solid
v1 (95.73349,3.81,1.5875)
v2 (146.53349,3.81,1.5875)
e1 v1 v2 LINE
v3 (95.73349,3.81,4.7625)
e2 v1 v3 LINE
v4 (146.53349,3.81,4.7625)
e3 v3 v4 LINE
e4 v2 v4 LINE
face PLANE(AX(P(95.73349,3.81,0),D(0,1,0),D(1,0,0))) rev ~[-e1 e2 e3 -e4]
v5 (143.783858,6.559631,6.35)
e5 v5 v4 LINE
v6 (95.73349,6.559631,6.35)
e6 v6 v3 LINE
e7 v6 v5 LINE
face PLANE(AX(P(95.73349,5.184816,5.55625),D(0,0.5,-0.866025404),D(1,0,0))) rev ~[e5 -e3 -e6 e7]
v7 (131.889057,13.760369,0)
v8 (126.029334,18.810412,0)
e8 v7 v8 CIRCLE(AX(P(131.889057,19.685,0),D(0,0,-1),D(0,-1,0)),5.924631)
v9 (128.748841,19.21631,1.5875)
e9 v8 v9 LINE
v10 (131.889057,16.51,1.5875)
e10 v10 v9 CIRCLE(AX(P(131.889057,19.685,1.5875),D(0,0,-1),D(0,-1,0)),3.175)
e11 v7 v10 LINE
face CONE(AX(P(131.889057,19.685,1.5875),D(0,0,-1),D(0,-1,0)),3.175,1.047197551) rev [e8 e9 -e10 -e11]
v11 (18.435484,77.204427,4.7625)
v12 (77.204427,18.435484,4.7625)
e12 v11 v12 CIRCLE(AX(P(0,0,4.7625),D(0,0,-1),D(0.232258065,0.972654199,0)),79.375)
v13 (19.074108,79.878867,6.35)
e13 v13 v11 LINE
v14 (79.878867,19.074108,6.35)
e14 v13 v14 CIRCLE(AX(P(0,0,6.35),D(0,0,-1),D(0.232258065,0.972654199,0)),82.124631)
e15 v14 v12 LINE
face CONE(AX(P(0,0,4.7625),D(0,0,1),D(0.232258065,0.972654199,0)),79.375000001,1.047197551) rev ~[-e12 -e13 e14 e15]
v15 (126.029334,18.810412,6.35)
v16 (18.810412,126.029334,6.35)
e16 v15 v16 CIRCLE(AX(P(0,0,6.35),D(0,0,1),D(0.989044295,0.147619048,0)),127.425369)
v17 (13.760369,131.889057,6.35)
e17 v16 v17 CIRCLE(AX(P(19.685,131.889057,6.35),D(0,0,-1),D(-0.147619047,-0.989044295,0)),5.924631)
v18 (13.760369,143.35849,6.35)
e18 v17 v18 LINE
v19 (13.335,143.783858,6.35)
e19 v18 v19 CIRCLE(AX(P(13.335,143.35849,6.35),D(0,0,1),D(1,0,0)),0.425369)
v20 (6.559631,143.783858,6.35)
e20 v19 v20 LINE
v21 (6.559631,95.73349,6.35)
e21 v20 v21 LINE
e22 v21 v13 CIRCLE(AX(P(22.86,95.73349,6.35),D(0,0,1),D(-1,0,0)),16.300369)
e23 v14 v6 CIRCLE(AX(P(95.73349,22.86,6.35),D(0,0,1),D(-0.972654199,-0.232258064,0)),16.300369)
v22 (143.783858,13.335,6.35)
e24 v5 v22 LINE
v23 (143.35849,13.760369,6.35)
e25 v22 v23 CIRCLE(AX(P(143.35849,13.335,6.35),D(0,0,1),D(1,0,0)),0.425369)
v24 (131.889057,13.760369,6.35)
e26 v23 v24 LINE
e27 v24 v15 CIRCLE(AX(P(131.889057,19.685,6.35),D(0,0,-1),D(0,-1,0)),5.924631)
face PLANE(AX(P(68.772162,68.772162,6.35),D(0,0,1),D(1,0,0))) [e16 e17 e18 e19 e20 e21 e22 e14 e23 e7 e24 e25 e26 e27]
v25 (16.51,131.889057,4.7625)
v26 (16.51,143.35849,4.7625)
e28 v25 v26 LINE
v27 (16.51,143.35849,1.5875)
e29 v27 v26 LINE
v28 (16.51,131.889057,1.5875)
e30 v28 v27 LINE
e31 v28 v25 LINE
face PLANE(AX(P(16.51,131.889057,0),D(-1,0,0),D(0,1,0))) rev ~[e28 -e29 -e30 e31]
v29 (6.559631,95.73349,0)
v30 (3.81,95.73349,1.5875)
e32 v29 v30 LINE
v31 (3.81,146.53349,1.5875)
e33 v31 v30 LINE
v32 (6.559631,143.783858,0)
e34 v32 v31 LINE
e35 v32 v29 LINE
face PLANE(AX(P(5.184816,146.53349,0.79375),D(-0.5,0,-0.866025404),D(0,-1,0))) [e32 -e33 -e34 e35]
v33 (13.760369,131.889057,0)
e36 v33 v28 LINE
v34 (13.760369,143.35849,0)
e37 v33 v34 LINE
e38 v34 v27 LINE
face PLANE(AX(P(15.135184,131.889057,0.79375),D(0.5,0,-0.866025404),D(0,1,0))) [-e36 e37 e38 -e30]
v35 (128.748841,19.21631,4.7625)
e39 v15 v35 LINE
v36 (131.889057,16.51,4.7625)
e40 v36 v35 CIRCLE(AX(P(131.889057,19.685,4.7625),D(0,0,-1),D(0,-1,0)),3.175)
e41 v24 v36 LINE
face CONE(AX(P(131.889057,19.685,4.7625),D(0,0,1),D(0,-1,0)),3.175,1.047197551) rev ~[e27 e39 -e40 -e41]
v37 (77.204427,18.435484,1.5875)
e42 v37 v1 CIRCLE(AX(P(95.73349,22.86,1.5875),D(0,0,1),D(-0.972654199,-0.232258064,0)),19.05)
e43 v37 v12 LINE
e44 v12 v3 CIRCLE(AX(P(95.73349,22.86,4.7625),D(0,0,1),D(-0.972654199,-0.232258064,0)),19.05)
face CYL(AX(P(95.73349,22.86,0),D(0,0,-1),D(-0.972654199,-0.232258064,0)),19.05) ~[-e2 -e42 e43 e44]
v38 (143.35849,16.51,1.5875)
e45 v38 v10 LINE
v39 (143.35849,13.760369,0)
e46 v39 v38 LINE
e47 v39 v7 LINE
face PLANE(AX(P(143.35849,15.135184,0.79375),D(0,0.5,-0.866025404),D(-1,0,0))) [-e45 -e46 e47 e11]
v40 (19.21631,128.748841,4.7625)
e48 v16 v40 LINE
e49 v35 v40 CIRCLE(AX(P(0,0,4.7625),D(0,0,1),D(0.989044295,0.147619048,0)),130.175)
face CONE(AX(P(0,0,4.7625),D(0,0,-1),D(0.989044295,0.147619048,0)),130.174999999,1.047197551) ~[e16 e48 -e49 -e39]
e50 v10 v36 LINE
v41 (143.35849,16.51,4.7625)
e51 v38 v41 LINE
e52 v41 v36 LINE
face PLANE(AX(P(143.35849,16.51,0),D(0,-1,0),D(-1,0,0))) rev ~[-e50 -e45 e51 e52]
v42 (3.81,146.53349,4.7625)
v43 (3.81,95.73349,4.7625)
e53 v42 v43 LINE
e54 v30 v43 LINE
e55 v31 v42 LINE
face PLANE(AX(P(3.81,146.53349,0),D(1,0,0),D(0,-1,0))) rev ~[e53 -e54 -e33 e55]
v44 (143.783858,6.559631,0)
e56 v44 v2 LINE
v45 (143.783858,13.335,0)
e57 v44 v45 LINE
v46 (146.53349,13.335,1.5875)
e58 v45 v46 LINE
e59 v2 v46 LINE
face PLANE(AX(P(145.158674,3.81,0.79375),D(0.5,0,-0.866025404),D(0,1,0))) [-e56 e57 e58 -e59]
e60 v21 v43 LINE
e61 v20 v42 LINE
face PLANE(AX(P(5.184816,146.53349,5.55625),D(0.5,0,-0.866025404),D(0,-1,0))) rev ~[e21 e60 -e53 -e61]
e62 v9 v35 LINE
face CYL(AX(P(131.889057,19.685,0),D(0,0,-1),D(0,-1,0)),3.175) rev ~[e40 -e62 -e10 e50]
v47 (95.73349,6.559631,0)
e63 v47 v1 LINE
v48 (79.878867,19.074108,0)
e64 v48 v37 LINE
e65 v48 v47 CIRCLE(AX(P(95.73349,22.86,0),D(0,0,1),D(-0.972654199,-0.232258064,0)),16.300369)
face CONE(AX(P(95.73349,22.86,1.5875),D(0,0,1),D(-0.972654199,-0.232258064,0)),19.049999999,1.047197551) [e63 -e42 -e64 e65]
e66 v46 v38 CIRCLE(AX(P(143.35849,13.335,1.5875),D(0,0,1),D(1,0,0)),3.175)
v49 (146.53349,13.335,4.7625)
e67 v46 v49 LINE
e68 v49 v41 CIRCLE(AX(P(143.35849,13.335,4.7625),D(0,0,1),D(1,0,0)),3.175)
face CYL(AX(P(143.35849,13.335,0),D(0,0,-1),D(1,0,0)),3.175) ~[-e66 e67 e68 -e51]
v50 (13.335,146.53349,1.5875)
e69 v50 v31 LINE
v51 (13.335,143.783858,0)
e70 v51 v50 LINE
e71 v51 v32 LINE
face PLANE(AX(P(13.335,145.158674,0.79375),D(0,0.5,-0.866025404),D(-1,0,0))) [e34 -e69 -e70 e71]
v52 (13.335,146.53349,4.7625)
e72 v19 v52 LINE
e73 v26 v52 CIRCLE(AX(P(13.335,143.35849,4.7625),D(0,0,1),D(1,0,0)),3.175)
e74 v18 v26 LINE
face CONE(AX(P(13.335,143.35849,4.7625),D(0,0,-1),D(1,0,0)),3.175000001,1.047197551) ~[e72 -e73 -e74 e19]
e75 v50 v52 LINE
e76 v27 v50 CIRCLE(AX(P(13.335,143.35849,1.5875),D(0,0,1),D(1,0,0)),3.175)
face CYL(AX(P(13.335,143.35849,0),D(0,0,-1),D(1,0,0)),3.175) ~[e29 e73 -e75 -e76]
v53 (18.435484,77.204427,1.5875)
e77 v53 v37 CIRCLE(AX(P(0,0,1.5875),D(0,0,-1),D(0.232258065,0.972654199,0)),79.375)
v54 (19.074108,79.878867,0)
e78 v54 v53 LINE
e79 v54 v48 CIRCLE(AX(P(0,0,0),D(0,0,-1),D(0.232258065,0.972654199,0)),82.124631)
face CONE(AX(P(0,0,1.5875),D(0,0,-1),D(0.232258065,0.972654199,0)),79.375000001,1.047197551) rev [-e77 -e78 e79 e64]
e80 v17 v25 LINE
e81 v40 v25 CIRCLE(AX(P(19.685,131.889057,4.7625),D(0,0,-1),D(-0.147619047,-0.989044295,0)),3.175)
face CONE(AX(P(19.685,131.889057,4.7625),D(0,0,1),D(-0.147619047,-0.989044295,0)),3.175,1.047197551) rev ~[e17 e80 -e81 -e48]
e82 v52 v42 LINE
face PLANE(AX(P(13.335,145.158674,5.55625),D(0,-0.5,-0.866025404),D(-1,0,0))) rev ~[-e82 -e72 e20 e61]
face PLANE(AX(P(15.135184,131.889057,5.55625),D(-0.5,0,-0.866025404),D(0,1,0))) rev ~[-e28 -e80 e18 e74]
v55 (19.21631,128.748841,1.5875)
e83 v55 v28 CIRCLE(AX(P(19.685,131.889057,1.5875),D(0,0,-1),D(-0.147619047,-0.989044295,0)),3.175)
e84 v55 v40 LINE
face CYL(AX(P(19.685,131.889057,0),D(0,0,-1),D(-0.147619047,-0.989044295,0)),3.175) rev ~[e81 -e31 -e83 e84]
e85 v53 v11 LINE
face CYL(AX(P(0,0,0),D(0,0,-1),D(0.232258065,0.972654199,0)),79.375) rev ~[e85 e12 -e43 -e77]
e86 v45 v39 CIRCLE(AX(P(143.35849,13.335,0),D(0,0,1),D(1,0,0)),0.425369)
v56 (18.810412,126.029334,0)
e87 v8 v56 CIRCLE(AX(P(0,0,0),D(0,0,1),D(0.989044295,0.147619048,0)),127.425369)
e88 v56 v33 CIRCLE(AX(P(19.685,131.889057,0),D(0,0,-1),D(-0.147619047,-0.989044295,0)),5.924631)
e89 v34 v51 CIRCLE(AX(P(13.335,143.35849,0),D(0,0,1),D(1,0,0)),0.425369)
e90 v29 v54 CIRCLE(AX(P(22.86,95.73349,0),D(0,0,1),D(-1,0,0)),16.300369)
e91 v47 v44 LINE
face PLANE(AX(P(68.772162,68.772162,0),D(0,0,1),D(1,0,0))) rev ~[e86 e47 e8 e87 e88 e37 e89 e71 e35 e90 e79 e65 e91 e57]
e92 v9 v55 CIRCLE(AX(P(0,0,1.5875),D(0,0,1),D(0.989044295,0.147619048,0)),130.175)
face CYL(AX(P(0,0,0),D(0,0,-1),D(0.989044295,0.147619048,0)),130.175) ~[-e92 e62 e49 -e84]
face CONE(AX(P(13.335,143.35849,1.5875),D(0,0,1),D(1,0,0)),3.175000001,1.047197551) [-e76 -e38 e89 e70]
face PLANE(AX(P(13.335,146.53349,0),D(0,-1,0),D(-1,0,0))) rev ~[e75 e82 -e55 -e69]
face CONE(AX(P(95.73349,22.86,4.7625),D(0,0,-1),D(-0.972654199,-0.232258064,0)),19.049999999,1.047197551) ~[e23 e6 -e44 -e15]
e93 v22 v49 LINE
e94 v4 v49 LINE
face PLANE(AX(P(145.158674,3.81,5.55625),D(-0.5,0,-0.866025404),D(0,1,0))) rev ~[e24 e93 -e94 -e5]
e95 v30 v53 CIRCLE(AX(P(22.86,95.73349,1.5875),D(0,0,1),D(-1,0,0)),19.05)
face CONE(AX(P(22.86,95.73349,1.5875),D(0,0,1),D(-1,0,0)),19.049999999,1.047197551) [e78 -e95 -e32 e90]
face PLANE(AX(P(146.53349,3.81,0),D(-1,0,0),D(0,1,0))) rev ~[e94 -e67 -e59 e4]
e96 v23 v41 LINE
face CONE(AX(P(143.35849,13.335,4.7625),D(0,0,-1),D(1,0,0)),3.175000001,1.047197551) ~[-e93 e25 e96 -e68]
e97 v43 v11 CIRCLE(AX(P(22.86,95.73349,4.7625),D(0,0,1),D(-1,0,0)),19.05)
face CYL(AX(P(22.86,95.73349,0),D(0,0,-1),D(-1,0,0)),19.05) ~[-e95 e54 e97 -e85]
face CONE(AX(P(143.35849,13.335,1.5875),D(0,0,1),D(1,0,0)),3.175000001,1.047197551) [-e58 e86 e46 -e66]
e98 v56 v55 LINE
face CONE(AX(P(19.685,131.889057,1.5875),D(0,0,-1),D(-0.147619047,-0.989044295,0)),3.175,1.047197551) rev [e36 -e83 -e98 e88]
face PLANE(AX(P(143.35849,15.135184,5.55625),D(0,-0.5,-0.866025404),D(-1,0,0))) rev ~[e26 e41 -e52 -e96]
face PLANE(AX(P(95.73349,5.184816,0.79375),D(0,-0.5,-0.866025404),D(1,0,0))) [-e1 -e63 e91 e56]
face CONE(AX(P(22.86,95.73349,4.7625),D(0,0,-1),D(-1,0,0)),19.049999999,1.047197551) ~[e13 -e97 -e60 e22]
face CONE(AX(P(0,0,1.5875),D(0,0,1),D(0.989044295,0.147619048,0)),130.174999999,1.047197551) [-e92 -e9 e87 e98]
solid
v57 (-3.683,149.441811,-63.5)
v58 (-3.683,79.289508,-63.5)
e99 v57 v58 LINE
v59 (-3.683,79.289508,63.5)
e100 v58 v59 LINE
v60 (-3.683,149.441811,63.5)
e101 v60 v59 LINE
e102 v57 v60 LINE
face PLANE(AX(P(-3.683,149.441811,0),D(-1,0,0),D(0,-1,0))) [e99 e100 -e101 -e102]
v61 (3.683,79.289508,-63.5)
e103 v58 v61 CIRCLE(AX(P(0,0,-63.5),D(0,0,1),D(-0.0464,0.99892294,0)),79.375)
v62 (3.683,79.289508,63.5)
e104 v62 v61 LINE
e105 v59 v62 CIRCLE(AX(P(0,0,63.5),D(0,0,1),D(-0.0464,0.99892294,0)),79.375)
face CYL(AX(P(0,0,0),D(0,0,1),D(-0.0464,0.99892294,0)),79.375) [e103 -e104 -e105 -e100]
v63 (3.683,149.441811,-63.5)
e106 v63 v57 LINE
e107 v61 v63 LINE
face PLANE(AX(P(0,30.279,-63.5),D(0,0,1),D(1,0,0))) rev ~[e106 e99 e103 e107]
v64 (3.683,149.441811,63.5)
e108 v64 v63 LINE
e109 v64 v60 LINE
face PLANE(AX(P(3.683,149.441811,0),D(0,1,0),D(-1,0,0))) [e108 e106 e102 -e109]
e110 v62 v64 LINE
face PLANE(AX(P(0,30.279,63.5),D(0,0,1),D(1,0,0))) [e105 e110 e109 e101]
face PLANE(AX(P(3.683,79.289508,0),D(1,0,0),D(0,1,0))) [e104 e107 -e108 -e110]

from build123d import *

# Parameters (mm, degrees)
BOSS_EXTRUDE1_DEPTH = 6.35
BOSS_EXTRUDE2_DEPTH = 63.5
CHAMFER2_SIZE       = 2.74963128
CHAMFER2_SIZE2      = 1.58750036
CHAMFER3_SIZE       = 2.74963128
CHAMFER3_SIZE2      = 1.58750036


with BuildPart() as part:
    # Sketch1 → Boss-Extrude1 (new body)
    with BuildSketch(Plane.XY):
        with BuildLine():
            ThreePointArc((3.81, 95.733489569), (7.906914495, 83.930619838), (18.435483871, 77.204427072))
            ThreePointArc((18.435483871, 77.204427072), (56.126600757, 56.126600757), (77.204427072, 18.435483871))
            ThreePointArc((77.204427072, 18.435483871), (83.930619838, 7.906914495), (95.733489569, 3.81))
            Line((95.733489569, 3.81), (146.533489569, 3.81))
            Line((146.533489569, 3.81), (146.533489569, 13.335))
            ThreePointArc((146.533489569, 13.335), (145.603553599, 15.58006403), (143.358489569, 16.51))
            Line((143.358489569, 16.51), (131.889056692, 16.51))
            ThreePointArc((131.889056692, 16.51), (129.81631301, 17.279930639), (128.748841056, 19.216309524))
            ThreePointArc((128.748841056, 19.216309524), (92.047625241, 92.047625241), (19.216309524, 128.748841056))
            ThreePointArc((19.216309524, 128.748841056), (17.279930639, 129.81631301), (16.51, 131.889056692))
            Line((16.51, 131.889056692), (16.51, 143.358489569))
            ThreePointArc((16.51, 143.358489569), (15.58006403, 145.603553599), (13.335, 146.533489569))
            Line((13.335, 146.533489569), (3.81, 146.533489569))
            Line((3.81, 146.533489569), (3.81, 95.733489569))
        make_face()
    extrude(amount=BOSS_EXTRUDE1_DEPTH)

    # Chamfer2
    chamfer2_edges = [part.edges().sort_by_distance(p)[0] for p in [
        (8.5725, 146.533489569, 0),
        (15.58006403, 145.603553599, 0),
        (16.51, 137.62377313, 0),
        (17.279930639, 129.81631301, 0),
        (92.047625241, 92.047625241, 0),
        (129.81631301, 17.279930639, 0),
        (137.62377313, 16.51, 0),
        (145.603553599, 15.58006403, 0),
        (146.533489569, 8.5725, 0),
        (121.133489569, 3.81, 0),
        (83.930619838, 7.906914495, 0),
        (56.126600757, 56.126600757, 0),
        (7.906914495, 83.930619838, 0),
        (3.81, 121.133489569, 0),
    ]]
    chamfer2_side = [part.faces().sort_by_distance(p)[0] for p in [
        (69.290156308, 69.290156308, 0),
    ]]
    chamfer(chamfer2_edges, length=CHAMFER2_SIZE, length2=CHAMFER2_SIZE2, reference=chamfer2_side[0])

    # Chamfer3
    chamfer3_edges = [part.edges().sort_by_distance(p)[0] for p in [
        (7.906914495, 83.930619838, 6.35),
        (56.126600757, 56.126600757, 6.35),
        (83.930619838, 7.906914495, 6.35),
        (121.133489569, 3.81, 6.35),
        (146.533489569, 8.5725, 6.35),
        (145.603553599, 15.58006403, 6.35),
        (137.62377313, 16.51, 6.35),
        (129.81631301, 17.279930639, 6.35),
        (92.047625241, 92.047625241, 6.35),
        (17.279930639, 129.81631301, 6.35),
        (3.81, 121.133489569, 6.35),
        (16.51, 137.62377313, 6.35),
        (15.58006403, 145.603553599, 6.35),
        (8.5725, 146.533489569, 6.35),
    ]]
    chamfer3_side = [part.faces().sort_by_distance(p)[0] for p in [
        (69.290156308, 69.290156308, 6.35),
    ]]
    chamfer(chamfer3_edges, length=CHAMFER3_SIZE, length2=CHAMFER3_SIZE2, reference=chamfer3_side[0])


with BuildPart() as body_2:
    # Sketch2 → Boss-Extrude2 (new body, symmetric)
    with BuildSketch(Plane.XY):
        with BuildLine():
            Line((3.683, 149.441811306), (-3.683, 149.441811306))
            Line((-3.683, 149.441811306), (-3.683, 79.28950836))
            ThreePointArc((-3.683, 79.28950836), (0, -79.375), (3.683, 79.28950836))
            Line((3.683, 79.28950836), (3.683, 149.441811306))
        make_face()
    extrude(amount=BOSS_EXTRUDE2_DEPTH, both=True)


solid = Compound([part.part, body_2.part])
